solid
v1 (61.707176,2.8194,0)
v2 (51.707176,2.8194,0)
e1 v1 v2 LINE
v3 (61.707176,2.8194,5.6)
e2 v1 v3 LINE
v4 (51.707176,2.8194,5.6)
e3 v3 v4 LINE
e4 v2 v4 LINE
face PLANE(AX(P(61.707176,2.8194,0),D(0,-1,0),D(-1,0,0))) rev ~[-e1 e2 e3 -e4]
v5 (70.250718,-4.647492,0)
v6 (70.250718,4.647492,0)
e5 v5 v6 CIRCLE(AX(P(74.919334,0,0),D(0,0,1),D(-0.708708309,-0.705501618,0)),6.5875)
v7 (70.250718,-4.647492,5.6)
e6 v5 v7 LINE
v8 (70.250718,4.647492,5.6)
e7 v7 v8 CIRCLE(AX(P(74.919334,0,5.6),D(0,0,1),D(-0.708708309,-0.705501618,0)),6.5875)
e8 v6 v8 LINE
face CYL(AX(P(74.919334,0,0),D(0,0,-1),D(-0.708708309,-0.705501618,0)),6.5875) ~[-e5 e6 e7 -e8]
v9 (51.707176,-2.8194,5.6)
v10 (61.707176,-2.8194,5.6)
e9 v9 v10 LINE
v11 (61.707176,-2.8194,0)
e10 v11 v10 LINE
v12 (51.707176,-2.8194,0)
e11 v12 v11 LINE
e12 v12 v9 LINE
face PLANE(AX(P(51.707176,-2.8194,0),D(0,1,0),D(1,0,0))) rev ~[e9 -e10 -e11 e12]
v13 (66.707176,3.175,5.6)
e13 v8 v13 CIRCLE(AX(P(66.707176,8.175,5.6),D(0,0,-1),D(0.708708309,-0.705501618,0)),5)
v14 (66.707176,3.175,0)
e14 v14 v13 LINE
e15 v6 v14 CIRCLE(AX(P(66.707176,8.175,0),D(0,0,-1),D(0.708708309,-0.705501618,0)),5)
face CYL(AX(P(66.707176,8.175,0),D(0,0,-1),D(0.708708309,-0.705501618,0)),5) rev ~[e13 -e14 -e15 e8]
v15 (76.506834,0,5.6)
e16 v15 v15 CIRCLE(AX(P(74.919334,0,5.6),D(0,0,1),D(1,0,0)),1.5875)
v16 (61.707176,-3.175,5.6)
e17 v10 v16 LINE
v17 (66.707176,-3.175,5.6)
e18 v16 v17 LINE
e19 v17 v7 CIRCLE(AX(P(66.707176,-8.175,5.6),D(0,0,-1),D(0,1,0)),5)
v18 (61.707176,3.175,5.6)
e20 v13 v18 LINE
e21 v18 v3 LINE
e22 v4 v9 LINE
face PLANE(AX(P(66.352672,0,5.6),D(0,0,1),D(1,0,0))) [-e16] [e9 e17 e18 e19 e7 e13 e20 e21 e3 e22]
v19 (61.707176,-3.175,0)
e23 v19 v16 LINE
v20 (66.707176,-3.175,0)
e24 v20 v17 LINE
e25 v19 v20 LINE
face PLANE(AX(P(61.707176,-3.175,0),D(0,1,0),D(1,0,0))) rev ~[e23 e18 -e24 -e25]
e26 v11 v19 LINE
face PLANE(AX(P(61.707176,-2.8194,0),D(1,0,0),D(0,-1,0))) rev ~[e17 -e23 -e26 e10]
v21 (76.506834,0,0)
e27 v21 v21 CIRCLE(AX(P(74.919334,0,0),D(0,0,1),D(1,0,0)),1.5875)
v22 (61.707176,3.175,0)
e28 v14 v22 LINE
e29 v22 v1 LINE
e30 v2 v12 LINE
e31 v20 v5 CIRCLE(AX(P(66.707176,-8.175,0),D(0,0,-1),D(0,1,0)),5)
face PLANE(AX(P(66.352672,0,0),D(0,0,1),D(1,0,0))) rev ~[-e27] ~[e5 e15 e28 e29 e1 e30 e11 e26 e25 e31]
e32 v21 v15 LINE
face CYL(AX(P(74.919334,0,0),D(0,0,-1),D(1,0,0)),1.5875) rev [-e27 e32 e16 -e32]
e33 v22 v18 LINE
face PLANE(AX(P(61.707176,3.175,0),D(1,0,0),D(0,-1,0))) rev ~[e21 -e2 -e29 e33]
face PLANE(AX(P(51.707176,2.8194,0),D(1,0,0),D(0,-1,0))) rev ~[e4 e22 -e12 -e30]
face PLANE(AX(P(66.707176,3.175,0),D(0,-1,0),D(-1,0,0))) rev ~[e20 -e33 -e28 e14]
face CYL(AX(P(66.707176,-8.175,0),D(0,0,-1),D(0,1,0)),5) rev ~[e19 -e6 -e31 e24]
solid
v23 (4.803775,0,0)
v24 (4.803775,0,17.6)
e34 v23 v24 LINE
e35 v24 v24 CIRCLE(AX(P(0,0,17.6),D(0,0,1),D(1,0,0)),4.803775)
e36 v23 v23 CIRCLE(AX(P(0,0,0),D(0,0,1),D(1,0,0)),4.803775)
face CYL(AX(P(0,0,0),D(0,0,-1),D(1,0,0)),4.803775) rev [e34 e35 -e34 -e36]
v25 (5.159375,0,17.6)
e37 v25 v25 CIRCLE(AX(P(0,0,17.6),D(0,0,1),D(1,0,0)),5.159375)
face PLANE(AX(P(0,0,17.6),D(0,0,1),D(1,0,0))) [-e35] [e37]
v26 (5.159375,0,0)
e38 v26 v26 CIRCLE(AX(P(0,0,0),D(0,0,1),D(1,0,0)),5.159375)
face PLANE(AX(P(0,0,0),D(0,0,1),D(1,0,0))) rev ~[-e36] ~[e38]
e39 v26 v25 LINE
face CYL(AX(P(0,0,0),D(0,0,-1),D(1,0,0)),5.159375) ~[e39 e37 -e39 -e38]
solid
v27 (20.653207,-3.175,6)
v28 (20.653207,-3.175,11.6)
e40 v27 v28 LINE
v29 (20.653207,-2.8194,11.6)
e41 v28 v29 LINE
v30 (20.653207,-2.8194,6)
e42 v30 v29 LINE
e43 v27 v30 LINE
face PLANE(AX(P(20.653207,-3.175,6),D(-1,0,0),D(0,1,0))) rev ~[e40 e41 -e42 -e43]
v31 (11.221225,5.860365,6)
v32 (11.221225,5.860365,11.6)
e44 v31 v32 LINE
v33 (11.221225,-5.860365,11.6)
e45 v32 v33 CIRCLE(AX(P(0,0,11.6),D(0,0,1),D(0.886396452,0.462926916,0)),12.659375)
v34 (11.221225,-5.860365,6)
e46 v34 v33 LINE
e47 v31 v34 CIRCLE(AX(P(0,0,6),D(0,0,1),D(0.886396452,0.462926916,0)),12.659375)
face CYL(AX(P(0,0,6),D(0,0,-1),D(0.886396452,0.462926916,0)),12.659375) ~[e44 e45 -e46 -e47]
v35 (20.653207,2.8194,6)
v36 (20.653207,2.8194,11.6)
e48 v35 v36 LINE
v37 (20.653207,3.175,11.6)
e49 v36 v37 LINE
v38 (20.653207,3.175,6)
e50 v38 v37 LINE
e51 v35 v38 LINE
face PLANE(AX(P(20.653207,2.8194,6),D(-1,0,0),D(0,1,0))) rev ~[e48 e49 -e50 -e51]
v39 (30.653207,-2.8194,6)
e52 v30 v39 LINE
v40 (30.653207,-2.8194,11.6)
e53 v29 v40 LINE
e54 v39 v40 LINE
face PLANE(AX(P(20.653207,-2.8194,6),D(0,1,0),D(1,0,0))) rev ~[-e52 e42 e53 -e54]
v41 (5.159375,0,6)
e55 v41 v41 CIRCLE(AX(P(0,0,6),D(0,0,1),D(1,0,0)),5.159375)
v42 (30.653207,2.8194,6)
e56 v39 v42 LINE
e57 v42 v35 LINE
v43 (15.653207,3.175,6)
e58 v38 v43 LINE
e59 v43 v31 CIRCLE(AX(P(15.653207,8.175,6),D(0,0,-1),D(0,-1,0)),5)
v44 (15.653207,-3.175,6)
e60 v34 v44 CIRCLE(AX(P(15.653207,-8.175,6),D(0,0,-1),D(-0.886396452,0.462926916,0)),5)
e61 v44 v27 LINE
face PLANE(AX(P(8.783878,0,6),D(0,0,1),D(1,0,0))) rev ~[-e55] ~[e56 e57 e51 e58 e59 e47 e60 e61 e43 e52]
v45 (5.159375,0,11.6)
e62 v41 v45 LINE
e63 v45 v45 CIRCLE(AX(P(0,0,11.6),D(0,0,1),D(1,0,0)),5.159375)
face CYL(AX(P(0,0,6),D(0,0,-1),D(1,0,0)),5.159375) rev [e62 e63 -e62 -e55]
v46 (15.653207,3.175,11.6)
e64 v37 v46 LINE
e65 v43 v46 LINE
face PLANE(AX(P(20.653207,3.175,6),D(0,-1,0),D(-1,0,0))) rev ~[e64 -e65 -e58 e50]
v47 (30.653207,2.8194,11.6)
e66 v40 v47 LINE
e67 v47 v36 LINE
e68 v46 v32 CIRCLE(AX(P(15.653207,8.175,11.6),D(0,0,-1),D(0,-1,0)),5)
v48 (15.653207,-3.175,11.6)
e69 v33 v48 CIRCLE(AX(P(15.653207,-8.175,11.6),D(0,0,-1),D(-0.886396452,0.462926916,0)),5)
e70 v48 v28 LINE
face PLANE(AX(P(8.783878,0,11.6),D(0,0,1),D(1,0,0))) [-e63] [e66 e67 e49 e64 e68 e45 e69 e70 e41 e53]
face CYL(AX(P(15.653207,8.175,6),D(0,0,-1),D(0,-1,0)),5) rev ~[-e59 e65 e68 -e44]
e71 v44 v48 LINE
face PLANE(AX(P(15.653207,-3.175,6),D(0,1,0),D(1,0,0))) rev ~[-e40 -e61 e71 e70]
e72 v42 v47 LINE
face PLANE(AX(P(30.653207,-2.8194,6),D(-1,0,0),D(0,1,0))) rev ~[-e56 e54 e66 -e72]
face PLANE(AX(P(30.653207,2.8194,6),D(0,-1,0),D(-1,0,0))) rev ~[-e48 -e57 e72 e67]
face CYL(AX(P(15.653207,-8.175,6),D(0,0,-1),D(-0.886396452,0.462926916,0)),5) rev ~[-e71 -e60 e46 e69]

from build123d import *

# Parameters (mm, degrees)
F0_R     = 5.159375
F0_R_2   = 4.803775
F1_DEPTH = 17.6
F2_R     = 5.159375
F3_DEPTH = 5.6
F2_R_2   = 1.5875


with BuildPart() as f1:
    # F0 (on Top) → F1 (new body)
    with BuildSketch(Plane.XY):
        Circle(F0_R)
        Circle(F0_R_2, mode=Mode.SUBTRACT)
    extrude(amount=F1_DEPTH)


with BuildPart() as f3:
    # F2 (on Top) → F3 (new body)
    with BuildSketch(Plane.XY):
        with BuildLine():
            ThreePointArc((15.6532073516, 3.175), (13.0621817718, 3.8987181518), (11.2212250896, 5.860365422))
            ThreePointArc((11.2212250896, 5.860365422), (-12.659375, 0), (11.2212250896, -5.860365422))
            ThreePointArc((11.2212250896, -5.860365422), (13.0621817718, -3.8987181518), (15.6532073516, -3.175))
            Line((15.6532073516, -3.175), (20.6532073516, -3.175))
            Line((20.6532073516, -3.175), (20.6532073516, -2.8194))
            Line((20.6532073516, -2.8194), (30.6532073516, -2.8194))
            Line((30.6532073516, -2.8194), (30.6532073516, 2.8194))
            Line((30.6532073516, 2.8194), (20.6532073516, 2.8194))
            Line((20.6532073516, 2.8194), (20.6532073516, 3.175))
            Line((20.6532073516, 3.175), (15.6532073516, 3.175))
        make_face()
        Circle(F2_R, mode=Mode.SUBTRACT)
    extrude(amount=F3_DEPTH)


with BuildPart() as f3b:
    # F2 (on Top) → F3, piece 2 (new body)
    with BuildSketch(Plane.XY):
        with BuildLine():
            Line((61.7071763033, 2.8194), (51.7071763033, 2.8194))
            Line((51.7071763033, 2.8194), (51.7071763033, -2.8194))
            Line((51.7071763033, -2.8194), (61.7071763033, -2.8194))
            Line((61.7071763033, -2.8194), (61.7071763033, -3.175))
            Line((61.7071763033, -3.175), (66.7071763033, -3.175))
            ThreePointArc((66.7071763033, -3.175), (68.6258294177, -3.5577746182), (70.2507178468, -4.6474919094))
            ThreePointArc((70.2507178468, -4.6474919094), (81.5068338304, 0), (70.2507178468, 4.6474919094))
            ThreePointArc((70.2507178468, 4.6474919094), (68.6258294177, 3.5577746182), (66.7071763033, 3.175))
            Line((66.7071763033, 3.175), (61.7071763033, 3.175))
            Line((61.7071763033, 3.175), (61.7071763033, 2.8194))
        make_face()
        with Locations((74.9193338304, 0)):
            Circle(F2_R_2, mode=Mode.SUBTRACT)
    extrude(amount=F3_DEPTH)


with BuildPart() as f3_1:
    # F4: moved
    add(f3.part.moved(Location((0, 0, 6))))


solid = Compound([f1.part, f3b.part, f3_1.part])
